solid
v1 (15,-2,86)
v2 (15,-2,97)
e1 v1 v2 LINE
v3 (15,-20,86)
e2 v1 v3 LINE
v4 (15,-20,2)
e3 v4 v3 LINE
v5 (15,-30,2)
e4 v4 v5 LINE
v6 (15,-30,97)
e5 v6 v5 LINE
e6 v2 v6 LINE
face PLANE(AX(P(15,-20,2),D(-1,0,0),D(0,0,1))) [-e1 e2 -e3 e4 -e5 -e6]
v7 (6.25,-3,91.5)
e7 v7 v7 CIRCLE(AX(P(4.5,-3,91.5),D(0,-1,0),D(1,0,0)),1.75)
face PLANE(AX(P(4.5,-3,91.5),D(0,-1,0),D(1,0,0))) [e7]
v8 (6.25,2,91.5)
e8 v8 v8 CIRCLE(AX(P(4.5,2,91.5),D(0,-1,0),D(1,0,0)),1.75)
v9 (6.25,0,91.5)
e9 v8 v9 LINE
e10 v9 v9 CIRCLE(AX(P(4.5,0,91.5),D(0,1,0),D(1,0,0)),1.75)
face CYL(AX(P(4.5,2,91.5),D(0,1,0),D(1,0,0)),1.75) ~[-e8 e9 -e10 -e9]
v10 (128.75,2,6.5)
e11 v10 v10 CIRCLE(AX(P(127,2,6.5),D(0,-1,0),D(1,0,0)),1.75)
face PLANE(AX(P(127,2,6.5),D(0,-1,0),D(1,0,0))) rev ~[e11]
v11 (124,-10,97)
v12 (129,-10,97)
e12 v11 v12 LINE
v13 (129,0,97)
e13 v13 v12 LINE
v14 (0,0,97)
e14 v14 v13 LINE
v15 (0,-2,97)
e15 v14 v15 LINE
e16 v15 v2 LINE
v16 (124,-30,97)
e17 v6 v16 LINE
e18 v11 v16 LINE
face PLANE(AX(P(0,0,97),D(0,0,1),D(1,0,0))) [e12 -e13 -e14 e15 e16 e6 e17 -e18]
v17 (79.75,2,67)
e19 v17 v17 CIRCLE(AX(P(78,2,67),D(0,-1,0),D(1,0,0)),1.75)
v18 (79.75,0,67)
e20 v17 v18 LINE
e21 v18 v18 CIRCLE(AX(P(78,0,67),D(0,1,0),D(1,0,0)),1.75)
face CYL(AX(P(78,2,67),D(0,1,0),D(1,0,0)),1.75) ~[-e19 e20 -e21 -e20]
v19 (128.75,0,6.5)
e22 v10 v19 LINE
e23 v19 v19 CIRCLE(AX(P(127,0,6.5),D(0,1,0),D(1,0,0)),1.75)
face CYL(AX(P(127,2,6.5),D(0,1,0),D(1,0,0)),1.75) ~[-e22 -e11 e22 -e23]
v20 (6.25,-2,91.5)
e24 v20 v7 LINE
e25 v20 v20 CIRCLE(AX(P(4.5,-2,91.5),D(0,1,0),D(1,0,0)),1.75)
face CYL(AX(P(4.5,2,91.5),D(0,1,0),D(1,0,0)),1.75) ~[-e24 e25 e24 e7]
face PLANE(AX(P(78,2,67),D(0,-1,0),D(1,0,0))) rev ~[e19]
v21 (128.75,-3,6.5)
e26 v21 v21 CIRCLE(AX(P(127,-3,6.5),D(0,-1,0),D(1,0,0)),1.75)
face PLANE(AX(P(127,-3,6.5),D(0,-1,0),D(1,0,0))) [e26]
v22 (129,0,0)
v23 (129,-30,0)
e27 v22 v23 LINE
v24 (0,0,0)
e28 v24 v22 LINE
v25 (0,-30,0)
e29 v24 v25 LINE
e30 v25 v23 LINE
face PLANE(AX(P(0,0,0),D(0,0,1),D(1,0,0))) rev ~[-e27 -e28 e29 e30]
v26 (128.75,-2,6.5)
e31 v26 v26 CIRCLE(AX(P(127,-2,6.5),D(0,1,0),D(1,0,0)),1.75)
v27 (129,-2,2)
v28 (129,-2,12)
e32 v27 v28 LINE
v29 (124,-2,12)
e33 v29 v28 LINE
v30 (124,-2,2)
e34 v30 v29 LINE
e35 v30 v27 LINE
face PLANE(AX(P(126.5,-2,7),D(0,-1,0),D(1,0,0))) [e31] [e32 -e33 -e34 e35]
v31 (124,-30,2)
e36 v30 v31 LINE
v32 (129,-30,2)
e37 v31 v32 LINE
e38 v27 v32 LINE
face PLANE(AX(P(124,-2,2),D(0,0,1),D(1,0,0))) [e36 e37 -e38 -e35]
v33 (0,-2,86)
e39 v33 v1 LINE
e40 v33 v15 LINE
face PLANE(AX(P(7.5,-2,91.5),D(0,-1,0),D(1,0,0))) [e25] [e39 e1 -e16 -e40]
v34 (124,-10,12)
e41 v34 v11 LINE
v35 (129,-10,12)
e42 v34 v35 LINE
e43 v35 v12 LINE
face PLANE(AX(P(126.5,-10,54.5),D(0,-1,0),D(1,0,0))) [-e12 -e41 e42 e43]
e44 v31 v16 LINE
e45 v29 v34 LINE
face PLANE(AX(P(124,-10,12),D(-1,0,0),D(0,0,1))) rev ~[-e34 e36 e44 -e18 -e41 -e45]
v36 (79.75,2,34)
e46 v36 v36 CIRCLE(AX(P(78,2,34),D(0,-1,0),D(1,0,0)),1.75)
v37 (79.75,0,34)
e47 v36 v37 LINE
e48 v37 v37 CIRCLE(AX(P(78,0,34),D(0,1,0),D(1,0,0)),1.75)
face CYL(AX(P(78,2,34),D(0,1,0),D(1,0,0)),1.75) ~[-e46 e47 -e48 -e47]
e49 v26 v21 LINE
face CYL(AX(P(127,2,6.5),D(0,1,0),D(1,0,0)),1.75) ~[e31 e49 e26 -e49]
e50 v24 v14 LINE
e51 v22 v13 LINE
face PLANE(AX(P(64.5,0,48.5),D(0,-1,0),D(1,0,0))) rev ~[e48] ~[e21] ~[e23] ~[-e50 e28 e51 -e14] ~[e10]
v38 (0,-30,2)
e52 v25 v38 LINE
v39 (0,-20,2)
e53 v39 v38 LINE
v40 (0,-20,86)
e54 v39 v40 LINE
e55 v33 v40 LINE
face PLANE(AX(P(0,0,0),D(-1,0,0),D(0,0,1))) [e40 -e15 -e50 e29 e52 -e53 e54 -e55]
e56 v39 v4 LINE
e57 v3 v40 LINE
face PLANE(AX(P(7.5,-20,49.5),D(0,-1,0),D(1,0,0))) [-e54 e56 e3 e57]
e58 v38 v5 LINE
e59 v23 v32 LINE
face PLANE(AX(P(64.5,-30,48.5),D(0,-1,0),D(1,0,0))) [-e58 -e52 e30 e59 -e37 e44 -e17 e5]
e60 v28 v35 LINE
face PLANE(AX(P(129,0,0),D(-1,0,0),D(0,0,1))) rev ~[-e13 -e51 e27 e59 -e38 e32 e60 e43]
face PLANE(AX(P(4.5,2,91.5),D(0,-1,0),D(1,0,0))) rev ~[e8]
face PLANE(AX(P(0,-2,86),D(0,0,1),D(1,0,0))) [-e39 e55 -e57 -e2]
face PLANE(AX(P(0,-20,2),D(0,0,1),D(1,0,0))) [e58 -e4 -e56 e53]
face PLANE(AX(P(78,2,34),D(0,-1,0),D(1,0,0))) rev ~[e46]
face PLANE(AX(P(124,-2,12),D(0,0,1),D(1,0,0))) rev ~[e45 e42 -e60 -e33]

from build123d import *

# Parameters (mm, degrees)
SKETCH_W          = 129
SKETCH_H          = 97
PAD_DEPTH         = 30
BOX_W             = 15
BOX_H             = 95
BOX_DEPTH         = 10
BOX001_W          = 15
BOX001_H          = 11
BOX001_DEPTH      = 28
BOX002_W          = 5
BOX002_H          = 10
BOX002_DEPTH      = 28
BOX003_W          = 5
BOX003_H          = 85
BOX003_DEPTH      = 20
CYLINDER_R        = 1.75
CYLINDER_DEPTH    = 5
CYLINDER001_R     = 1.75
CYLINDER001_DEPTH = 5
CYLINDER002_R     = 1.75
CYLINDER002_DEPTH = 5
CYLINDER003_R     = 1.75
CYLINDER003_DEPTH = 5


with BuildPart() as part:
    # Sketch → Pad (new body)
    with BuildSketch(Plane.XZ):
        with Locations((64.5, 48.5)):
            Rectangle(SKETCH_W, SKETCH_H)
    extrude(amount=PAD_DEPTH)

    # Box → Box (cut)
    with BuildSketch(Plane(origin=(0, -20, 2), x_dir=(1, 0, 0), z_dir=(0, -1, 0))):
        with Locations((7.5, 47.5)):
            Rectangle(BOX_W, BOX_H)
    extrude(amount=BOX_DEPTH, mode=Mode.SUBTRACT)

    # Box001 → Box001 (cut)
    with BuildSketch(Plane(origin=(0, -2, 86), x_dir=(1, 0, 0), z_dir=(0, -1, 0))):
        with Locations((7.5, 5.5)):
            Rectangle(BOX001_W, BOX001_H)
    extrude(amount=BOX001_DEPTH, mode=Mode.SUBTRACT)

    # Box002 → Box002 (cut)
    with BuildSketch(Plane(origin=(124, -2, 2), x_dir=(1, 0, 0), z_dir=(0, -1, 0))):
        with Locations((2.5, 5)):
            Rectangle(BOX002_W, BOX002_H)
    extrude(amount=BOX002_DEPTH, mode=Mode.SUBTRACT)

    # Box003 → Box003 (cut)
    with BuildSketch(Plane(origin=(124, -10, 12), x_dir=(1, 0, 0), z_dir=(0, -1, 0))):
        with Locations((2.5, 42.5)):
            Rectangle(BOX003_W, BOX003_H)
    extrude(amount=BOX003_DEPTH, mode=Mode.SUBTRACT)

    # Cylinder → Cylinder (join)
    with BuildSketch(Plane(origin=(127, 2, 6.5), x_dir=(1, 0, 0), z_dir=(0, -1, 0))):
        Circle(CYLINDER_R)
    extrude(amount=CYLINDER_DEPTH)

    # Cylinder001 → Cylinder001 (join)
    with BuildSketch(Plane(origin=(4.5, 2, 91.5), x_dir=(1, 0, 0), z_dir=(0, -1, 0))):
        Circle(CYLINDER001_R)
    extrude(amount=CYLINDER001_DEPTH)

    # Cylinder002 → Cylinder002 (join)
    with BuildSketch(Plane(origin=(78, 2, 34), x_dir=(1, 0, 0), z_dir=(0, -1, 0))):
        Circle(CYLINDER002_R)
    extrude(amount=CYLINDER002_DEPTH)

    # Cylinder003 → Cylinder003 (join)
    with BuildSketch(Plane(origin=(78, 2, 67), x_dir=(1, 0, 0), z_dir=(0, -1, 0))):
        Circle(CYLINDER003_R)
    extrude(amount=CYLINDER003_DEPTH)


solid = part.part
